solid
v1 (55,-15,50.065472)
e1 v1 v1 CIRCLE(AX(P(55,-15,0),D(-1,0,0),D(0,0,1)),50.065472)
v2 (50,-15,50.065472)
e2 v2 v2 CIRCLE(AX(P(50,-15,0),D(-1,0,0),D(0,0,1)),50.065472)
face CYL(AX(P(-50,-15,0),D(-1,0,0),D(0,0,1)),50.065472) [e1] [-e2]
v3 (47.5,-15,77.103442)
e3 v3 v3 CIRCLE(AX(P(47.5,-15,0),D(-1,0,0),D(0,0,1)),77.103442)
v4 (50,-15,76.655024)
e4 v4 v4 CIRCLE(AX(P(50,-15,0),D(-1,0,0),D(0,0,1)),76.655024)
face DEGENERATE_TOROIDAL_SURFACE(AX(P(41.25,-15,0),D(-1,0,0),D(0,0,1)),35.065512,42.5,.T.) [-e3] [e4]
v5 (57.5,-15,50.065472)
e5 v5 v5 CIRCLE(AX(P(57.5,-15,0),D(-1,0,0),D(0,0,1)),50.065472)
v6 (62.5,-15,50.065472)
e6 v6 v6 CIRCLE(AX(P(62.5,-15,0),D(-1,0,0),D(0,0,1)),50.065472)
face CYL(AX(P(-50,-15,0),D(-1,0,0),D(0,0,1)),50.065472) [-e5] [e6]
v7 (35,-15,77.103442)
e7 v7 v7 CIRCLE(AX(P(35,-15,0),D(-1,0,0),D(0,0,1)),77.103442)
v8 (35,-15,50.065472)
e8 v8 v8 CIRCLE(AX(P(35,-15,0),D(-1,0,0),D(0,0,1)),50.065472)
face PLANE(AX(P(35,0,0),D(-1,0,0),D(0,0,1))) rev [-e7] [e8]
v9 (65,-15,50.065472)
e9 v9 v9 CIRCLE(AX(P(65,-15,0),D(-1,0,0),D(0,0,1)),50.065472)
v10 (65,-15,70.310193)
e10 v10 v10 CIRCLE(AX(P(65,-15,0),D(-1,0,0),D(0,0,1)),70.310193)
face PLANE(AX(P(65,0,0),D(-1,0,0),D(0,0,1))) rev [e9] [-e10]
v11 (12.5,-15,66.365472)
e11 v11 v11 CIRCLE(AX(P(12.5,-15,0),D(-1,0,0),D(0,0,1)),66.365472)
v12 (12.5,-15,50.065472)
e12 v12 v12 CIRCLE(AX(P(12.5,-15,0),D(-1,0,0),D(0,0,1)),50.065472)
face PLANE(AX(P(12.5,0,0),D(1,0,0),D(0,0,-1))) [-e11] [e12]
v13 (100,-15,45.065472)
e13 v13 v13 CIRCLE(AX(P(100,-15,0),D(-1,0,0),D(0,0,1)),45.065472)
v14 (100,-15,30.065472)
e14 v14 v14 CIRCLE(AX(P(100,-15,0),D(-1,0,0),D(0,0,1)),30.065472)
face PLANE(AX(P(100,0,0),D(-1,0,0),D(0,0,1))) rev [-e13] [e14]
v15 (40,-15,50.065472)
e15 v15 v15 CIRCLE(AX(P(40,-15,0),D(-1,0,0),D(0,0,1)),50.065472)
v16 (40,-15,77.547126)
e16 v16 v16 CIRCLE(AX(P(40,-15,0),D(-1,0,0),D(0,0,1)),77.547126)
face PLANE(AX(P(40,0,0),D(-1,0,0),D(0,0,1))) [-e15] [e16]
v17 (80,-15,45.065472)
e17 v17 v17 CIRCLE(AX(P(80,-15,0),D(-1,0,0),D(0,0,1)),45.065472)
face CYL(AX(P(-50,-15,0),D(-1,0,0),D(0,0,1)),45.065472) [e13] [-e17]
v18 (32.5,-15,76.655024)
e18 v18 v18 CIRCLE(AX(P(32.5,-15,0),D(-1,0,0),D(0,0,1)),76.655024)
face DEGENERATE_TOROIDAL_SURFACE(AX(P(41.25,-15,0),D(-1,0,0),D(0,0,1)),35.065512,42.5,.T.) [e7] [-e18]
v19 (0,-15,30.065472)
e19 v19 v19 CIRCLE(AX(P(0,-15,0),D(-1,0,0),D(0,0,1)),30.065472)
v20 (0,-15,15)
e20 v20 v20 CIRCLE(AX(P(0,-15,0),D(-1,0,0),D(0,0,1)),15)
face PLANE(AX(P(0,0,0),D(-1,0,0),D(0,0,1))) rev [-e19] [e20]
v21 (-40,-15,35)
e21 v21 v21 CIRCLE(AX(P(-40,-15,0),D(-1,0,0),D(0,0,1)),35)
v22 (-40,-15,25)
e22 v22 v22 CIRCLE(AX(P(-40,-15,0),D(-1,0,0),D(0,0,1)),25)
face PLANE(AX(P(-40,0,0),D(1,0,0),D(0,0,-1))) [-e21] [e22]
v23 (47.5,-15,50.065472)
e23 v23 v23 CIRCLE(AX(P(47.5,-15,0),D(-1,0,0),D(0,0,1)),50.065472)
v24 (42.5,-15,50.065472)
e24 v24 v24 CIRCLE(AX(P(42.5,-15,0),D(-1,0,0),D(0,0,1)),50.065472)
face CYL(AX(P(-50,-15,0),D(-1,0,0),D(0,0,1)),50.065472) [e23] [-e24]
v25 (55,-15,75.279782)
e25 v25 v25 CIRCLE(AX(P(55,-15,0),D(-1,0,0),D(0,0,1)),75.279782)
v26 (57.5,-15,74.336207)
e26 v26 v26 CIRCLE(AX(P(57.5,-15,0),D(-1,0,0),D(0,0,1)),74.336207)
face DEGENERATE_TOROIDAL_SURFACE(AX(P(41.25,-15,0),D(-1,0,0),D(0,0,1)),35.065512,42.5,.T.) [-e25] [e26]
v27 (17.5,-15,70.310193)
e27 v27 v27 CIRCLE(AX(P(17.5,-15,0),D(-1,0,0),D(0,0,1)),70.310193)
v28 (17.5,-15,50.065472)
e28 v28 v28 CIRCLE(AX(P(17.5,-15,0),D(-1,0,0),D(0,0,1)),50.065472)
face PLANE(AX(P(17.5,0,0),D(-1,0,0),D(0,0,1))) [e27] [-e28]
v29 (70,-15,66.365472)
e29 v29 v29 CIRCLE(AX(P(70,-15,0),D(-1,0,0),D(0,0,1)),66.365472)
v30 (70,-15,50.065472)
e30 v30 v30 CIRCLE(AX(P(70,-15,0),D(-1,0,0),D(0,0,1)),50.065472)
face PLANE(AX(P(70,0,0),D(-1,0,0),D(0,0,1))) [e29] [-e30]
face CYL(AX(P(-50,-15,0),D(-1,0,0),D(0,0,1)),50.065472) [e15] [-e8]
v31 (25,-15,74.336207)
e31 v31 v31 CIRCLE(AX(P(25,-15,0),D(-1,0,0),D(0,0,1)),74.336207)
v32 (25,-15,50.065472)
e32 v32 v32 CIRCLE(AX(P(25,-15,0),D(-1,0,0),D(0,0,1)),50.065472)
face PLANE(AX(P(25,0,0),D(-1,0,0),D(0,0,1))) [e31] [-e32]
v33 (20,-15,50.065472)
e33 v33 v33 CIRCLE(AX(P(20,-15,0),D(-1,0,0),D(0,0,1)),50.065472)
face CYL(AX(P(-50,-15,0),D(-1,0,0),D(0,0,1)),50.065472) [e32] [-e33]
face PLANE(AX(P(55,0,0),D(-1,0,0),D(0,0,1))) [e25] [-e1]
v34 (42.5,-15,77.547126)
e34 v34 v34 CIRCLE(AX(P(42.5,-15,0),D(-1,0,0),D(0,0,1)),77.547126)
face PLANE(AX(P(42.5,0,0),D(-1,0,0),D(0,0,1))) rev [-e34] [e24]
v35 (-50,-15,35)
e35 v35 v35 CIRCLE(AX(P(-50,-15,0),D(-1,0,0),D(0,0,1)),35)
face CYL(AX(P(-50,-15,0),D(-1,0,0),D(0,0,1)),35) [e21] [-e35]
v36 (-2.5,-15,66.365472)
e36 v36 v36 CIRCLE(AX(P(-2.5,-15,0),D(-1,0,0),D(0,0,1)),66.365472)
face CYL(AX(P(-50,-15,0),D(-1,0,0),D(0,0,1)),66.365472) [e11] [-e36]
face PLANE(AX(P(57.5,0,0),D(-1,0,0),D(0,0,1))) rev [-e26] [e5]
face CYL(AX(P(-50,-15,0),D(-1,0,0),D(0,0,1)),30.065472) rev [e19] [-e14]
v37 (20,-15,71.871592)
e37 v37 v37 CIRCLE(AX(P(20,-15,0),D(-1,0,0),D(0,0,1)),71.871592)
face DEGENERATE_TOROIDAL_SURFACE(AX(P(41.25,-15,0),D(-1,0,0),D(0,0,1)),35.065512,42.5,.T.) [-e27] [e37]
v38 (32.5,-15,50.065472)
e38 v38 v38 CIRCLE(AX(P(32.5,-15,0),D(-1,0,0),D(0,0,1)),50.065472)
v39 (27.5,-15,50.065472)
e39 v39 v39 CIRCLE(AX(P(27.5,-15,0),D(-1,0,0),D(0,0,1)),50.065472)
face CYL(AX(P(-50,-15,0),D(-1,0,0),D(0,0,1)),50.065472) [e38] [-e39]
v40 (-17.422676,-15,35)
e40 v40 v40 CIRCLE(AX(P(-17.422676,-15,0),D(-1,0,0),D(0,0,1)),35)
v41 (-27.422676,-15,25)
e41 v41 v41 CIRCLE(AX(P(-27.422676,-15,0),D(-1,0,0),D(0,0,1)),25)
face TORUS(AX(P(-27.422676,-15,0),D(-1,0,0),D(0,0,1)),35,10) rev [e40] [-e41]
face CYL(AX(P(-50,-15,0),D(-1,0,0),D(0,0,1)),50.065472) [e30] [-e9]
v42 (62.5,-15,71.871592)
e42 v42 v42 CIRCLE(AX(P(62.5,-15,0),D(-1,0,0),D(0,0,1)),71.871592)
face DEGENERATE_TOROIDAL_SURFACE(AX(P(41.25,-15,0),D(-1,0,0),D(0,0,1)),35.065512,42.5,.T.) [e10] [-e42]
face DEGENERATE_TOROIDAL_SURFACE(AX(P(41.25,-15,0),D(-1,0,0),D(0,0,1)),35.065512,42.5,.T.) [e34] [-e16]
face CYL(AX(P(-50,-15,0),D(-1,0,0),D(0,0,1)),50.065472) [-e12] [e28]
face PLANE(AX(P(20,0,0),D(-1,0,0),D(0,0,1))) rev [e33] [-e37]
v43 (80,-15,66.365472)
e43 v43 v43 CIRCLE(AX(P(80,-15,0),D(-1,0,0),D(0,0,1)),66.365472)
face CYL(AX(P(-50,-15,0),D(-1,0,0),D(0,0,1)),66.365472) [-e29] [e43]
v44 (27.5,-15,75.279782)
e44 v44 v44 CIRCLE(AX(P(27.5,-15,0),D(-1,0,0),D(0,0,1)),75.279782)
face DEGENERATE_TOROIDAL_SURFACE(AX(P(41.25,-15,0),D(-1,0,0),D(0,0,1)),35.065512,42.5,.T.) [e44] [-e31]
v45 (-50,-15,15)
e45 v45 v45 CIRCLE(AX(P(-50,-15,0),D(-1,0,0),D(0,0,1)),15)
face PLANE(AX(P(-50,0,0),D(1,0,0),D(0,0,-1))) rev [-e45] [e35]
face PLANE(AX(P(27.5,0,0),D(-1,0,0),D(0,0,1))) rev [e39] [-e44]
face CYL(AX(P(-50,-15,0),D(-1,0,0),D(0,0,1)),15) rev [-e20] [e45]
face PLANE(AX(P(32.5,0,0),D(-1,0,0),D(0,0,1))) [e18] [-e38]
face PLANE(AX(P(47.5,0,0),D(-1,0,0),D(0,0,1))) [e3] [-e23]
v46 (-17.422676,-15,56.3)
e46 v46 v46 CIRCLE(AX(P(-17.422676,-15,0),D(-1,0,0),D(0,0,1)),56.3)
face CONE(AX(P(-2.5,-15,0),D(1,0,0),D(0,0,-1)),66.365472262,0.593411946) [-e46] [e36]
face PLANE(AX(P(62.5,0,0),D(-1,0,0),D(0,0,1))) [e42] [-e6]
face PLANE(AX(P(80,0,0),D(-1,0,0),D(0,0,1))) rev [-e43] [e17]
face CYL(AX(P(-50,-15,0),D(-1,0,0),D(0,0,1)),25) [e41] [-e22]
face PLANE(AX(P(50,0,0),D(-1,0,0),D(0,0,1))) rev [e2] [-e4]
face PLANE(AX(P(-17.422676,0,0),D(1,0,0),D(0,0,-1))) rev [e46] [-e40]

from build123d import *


with BuildPart() as part:
    # Sketch1 → Revolve1 (revolve)
    with BuildSketch(Plane.XY, mode=Mode.PRIVATE) as revolve1_sk:
        with BuildLine():
            ThreePointArc((25, 59.33620738), (26.242582391, 59.827647663), (27.5, 60.279782054))
            Line((27.5, 60.279782054), (27.5, 35.065472262))
            Line((27.5, 35.065472262), (32.5, 35.065472262))
            Line((32.5, 35.065472262), (32.5, 61.655024098))
            ThreePointArc((32.5, 61.655024098), (33.746649446, 61.897912685), (35, 62.103441501))
            Line((35, 62.103441501), (35, 35.065472262))
            Line((35, 35.065472262), (40, 35.065472262))
            Line((40, 35.065472262), (40, 62.547125869))
            ThreePointArc((40, 62.547125869), (41.25, 62.565512199), (42.5, 62.547125869))
            Line((42.5, 62.547125869), (42.5, 35.065472262))
            Line((42.5, 35.065472262), (47.5, 35.065472262))
            Line((47.5, 35.065472262), (47.5, 62.103441501))
            ThreePointArc((47.5, 62.103441501), (48.753350554, 61.897912685), (50, 61.655024098))
            Line((50, 61.655024098), (50, 35.065472262))
            Line((50, 35.065472262), (55, 35.065472262))
            Line((55, 35.065472262), (55, 60.279782054))
            ThreePointArc((55, 60.279782054), (56.257417609, 59.827647663), (57.5, 59.33620738))
            Line((57.5, 59.33620738), (57.5, 35.065472262))
            Line((57.5, 35.065472262), (62.5, 35.065472262))
            Line((62.5, 35.065472262), (62.5, 56.871591859))
            ThreePointArc((62.5, 56.871591859), (63.76354019, 56.112571831), (65, 55.310192648))
            Line((65, 55.310192648), (65, 35.065472262))
            Line((65, 35.065472262), (70, 35.065472262))
            Line((70, 35.065472262), (70, 51.365472262))
            Line((70, 51.365472262), (80, 51.365472262))
            Line((80, 51.365472262), (80, 30.065472262))
            Line((80, 30.065472262), (100, 30.065472262))
            Line((100, 30.065472262), (100, 15.065472262))
            Line((100, 15.065472262), (0, 15.065472262))
            Line((0, 15.065472262), (0, 0))
            Line((0, 0), (-21.679197995, 0))
            Line((-21.679197995, 0), (-50, 0))
            Line((-50, 0), (-50, 20))
            Line((-50, 20), (-40, 20))
            Line((-40, 20), (-40, 10))
            Line((-40, 10), (-27.422676306, 10))
            ThreePointArc((-27.422676306, 10), (-20.351608494, 12.928932188), (-17.422676306, 20))
            Line((-17.422676306, 20), (-17.422676306, 41.3))
            Line((-17.422676306, 41.3), (-2.5, 51.365472262))
            Line((-2.5, 51.365472262), (12.5, 51.365472262))
            Line((12.5, 51.365472262), (12.5, 35.065472262))
            Line((12.5, 35.065472262), (17.5, 35.065472262))
            Line((17.5, 35.065472262), (17.5, 55.310192648))
            ThreePointArc((17.5, 55.310192648), (18.73645981, 56.112571831), (20, 56.871591859))
            Line((20, 56.871591859), (20, 35.065472262))
            Line((20, 35.065472262), (25, 35.065472262))
            Line((25, 35.065472262), (25, 59.33620738))
        make_face()
    revolve(revolve1_sk.sketch.rotate(Axis((-50, -15, 0), (1, 0, 0)), 90), axis=Axis((-50, -15, 0), (1, 0, 0)))


solid = part.part
